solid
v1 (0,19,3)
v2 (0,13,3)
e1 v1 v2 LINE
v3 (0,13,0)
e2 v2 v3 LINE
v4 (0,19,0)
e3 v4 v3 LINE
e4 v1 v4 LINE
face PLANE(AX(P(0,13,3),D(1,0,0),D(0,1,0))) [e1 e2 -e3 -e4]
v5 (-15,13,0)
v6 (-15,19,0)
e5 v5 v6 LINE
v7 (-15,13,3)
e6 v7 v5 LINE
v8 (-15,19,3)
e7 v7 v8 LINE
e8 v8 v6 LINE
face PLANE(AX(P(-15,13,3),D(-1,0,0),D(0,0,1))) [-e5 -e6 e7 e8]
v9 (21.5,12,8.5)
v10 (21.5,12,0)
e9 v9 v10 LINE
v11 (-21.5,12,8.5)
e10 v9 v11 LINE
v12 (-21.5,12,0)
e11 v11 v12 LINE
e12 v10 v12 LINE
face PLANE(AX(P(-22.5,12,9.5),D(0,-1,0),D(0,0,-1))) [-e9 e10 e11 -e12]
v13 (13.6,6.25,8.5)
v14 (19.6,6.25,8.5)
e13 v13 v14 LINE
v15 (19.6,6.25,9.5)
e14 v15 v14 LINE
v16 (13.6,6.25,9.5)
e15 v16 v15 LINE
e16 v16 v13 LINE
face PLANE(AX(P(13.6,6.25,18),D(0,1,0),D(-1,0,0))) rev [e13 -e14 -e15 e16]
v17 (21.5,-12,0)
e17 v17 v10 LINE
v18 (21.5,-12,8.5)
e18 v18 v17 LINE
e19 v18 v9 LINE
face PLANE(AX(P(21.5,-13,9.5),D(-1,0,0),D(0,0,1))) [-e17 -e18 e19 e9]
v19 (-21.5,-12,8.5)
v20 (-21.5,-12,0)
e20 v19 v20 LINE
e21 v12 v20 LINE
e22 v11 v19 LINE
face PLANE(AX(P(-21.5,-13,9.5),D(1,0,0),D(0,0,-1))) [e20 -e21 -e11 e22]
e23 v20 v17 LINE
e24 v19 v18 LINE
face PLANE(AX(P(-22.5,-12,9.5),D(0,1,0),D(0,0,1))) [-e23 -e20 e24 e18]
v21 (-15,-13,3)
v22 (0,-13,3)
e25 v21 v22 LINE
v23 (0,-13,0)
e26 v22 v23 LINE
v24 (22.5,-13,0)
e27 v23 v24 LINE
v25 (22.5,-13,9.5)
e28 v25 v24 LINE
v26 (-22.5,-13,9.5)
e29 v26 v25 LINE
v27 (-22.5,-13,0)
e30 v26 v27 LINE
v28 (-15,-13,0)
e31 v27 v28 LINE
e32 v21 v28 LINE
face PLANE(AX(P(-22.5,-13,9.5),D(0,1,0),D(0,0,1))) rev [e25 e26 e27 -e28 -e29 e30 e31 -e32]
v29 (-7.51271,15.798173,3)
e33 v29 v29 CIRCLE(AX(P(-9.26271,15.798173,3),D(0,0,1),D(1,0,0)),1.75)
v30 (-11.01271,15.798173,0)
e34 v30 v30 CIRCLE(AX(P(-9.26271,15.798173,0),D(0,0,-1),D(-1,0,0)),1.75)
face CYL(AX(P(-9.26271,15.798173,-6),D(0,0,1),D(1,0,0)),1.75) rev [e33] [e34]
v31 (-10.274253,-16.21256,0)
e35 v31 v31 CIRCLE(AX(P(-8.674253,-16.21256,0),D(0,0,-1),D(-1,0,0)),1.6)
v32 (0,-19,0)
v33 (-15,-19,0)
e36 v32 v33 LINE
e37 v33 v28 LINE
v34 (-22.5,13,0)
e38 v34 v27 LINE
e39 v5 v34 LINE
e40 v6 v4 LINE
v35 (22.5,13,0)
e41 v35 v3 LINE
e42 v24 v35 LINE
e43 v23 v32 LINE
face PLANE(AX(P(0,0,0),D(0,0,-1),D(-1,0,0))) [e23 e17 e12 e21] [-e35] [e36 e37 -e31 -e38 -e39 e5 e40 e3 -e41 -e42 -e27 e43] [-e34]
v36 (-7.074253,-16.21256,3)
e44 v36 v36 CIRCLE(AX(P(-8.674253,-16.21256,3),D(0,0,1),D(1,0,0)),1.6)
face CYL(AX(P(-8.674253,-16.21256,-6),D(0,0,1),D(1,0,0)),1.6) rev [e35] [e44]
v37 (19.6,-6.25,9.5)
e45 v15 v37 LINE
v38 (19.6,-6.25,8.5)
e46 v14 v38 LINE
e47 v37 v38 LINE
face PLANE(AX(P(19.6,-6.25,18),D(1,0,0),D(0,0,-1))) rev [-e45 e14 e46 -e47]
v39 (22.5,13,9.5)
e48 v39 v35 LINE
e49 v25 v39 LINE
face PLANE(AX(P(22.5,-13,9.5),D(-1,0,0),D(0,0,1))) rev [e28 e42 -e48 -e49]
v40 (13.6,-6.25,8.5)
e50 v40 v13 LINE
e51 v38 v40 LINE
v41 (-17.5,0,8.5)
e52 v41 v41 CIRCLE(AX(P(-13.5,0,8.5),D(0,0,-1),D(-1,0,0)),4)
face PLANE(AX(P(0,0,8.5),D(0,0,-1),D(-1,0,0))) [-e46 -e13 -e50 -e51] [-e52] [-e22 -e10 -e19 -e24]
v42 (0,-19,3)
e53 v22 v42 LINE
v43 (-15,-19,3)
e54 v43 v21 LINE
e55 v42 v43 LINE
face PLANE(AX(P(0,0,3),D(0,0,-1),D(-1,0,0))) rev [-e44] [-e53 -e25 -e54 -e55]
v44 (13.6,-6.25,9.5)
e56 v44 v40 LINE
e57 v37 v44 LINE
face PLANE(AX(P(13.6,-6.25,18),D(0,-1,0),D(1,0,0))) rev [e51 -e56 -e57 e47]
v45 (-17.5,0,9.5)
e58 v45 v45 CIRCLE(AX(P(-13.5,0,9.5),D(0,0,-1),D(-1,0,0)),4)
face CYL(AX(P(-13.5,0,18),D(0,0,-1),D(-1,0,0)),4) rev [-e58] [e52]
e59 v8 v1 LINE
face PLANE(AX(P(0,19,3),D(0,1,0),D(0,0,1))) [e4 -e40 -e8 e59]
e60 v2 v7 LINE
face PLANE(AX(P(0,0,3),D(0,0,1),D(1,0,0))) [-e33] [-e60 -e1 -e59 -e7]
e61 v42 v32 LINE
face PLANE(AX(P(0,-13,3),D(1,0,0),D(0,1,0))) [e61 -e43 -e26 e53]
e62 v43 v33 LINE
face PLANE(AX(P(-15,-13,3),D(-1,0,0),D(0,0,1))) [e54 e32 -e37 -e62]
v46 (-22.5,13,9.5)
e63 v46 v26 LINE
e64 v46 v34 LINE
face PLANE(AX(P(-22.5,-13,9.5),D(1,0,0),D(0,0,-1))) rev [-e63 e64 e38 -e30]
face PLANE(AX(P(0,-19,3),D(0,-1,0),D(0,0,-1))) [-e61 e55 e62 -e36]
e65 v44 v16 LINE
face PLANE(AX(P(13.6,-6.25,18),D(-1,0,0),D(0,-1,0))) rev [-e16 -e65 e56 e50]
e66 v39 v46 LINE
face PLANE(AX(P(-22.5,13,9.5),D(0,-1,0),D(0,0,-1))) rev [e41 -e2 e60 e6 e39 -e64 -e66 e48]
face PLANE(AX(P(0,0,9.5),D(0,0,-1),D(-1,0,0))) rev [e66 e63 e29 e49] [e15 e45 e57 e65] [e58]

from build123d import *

# Parameters (mm, degrees)
SKETCH1_W           = 45
SKETCH1_H           = 26
BOSS_EXTRUDE2_DEPTH = 9.5
SHELL2_T            = -1
SKETCH2_R           = 4
SKETCH2_W           = 6
SKETCH2_H           = 12.5
CUT_EXTRUDE1_DEPTH  = 9.5
SKETCH3_W           = 15
SKETCH3_H           = 6
BOSS_EXTRUDE4_DEPTH = 3
SKETCH4_R           = 1.6
CUT_EXTRUDE2_DEPTH  = 9
SKETCH5_R           = 1.75
CUT_EXTRUDE3_DEPTH  = 9


with BuildPart() as part:
    # Sketch1 → Boss-Extrude2 (new body)
    with BuildSketch(Plane.XY):
        Rectangle(SKETCH1_W, SKETCH1_H)
    extrude(amount=BOSS_EXTRUDE2_DEPTH)

    # Shell2
    shell2_openings = [part.faces().sort_by_distance(p)[0] for p in [
        (0, 0, 0),
    ]]
    offset(amount=SHELL2_T, openings=shell2_openings, kind=Kind.INTERSECTION)

    # Sketch2 → Cut-Extrude1 (cut)
    with BuildSketch(Plane(origin=(0, 0, 8.5), x_dir=(-1, 0, 0), z_dir=(0, 0, -1))):
        with Locations((13.5, 0)):
            Circle(SKETCH2_R)
        with Locations((-16.6, 0)):
            Rectangle(SKETCH2_W, SKETCH2_H)
    extrude(amount=-CUT_EXTRUDE1_DEPTH, mode=Mode.SUBTRACT)

    # Sketch3 → Boss-Extrude4 (add)
    with BuildSketch(Plane(origin=(0, 0, 0), x_dir=(-1, 0, 0), z_dir=(0, 0, -1))):
        with Locations((7.5, 16)):
            Rectangle(SKETCH3_W, SKETCH3_H)
        with Locations((7.5, -16)):
            Rectangle(SKETCH3_W, SKETCH3_H)
    extrude(amount=-BOSS_EXTRUDE4_DEPTH)

    # Sketch4 → Cut-Extrude2 (cut)
    with BuildSketch(Plane.XY.offset(3)):
        with Locations((-8.674253425, -16.212560211)):
            Circle(SKETCH4_R)
    extrude(amount=-CUT_EXTRUDE2_DEPTH, mode=Mode.SUBTRACT)

    # Sketch5 → Cut-Extrude3 (cut)
    with BuildSketch(Plane.XY.offset(3)):
        with Locations((-9.262710237, 15.798173241)):
            Circle(SKETCH5_R)
    extrude(amount=-CUT_EXTRUDE3_DEPTH, mode=Mode.SUBTRACT)


solid = part.part
